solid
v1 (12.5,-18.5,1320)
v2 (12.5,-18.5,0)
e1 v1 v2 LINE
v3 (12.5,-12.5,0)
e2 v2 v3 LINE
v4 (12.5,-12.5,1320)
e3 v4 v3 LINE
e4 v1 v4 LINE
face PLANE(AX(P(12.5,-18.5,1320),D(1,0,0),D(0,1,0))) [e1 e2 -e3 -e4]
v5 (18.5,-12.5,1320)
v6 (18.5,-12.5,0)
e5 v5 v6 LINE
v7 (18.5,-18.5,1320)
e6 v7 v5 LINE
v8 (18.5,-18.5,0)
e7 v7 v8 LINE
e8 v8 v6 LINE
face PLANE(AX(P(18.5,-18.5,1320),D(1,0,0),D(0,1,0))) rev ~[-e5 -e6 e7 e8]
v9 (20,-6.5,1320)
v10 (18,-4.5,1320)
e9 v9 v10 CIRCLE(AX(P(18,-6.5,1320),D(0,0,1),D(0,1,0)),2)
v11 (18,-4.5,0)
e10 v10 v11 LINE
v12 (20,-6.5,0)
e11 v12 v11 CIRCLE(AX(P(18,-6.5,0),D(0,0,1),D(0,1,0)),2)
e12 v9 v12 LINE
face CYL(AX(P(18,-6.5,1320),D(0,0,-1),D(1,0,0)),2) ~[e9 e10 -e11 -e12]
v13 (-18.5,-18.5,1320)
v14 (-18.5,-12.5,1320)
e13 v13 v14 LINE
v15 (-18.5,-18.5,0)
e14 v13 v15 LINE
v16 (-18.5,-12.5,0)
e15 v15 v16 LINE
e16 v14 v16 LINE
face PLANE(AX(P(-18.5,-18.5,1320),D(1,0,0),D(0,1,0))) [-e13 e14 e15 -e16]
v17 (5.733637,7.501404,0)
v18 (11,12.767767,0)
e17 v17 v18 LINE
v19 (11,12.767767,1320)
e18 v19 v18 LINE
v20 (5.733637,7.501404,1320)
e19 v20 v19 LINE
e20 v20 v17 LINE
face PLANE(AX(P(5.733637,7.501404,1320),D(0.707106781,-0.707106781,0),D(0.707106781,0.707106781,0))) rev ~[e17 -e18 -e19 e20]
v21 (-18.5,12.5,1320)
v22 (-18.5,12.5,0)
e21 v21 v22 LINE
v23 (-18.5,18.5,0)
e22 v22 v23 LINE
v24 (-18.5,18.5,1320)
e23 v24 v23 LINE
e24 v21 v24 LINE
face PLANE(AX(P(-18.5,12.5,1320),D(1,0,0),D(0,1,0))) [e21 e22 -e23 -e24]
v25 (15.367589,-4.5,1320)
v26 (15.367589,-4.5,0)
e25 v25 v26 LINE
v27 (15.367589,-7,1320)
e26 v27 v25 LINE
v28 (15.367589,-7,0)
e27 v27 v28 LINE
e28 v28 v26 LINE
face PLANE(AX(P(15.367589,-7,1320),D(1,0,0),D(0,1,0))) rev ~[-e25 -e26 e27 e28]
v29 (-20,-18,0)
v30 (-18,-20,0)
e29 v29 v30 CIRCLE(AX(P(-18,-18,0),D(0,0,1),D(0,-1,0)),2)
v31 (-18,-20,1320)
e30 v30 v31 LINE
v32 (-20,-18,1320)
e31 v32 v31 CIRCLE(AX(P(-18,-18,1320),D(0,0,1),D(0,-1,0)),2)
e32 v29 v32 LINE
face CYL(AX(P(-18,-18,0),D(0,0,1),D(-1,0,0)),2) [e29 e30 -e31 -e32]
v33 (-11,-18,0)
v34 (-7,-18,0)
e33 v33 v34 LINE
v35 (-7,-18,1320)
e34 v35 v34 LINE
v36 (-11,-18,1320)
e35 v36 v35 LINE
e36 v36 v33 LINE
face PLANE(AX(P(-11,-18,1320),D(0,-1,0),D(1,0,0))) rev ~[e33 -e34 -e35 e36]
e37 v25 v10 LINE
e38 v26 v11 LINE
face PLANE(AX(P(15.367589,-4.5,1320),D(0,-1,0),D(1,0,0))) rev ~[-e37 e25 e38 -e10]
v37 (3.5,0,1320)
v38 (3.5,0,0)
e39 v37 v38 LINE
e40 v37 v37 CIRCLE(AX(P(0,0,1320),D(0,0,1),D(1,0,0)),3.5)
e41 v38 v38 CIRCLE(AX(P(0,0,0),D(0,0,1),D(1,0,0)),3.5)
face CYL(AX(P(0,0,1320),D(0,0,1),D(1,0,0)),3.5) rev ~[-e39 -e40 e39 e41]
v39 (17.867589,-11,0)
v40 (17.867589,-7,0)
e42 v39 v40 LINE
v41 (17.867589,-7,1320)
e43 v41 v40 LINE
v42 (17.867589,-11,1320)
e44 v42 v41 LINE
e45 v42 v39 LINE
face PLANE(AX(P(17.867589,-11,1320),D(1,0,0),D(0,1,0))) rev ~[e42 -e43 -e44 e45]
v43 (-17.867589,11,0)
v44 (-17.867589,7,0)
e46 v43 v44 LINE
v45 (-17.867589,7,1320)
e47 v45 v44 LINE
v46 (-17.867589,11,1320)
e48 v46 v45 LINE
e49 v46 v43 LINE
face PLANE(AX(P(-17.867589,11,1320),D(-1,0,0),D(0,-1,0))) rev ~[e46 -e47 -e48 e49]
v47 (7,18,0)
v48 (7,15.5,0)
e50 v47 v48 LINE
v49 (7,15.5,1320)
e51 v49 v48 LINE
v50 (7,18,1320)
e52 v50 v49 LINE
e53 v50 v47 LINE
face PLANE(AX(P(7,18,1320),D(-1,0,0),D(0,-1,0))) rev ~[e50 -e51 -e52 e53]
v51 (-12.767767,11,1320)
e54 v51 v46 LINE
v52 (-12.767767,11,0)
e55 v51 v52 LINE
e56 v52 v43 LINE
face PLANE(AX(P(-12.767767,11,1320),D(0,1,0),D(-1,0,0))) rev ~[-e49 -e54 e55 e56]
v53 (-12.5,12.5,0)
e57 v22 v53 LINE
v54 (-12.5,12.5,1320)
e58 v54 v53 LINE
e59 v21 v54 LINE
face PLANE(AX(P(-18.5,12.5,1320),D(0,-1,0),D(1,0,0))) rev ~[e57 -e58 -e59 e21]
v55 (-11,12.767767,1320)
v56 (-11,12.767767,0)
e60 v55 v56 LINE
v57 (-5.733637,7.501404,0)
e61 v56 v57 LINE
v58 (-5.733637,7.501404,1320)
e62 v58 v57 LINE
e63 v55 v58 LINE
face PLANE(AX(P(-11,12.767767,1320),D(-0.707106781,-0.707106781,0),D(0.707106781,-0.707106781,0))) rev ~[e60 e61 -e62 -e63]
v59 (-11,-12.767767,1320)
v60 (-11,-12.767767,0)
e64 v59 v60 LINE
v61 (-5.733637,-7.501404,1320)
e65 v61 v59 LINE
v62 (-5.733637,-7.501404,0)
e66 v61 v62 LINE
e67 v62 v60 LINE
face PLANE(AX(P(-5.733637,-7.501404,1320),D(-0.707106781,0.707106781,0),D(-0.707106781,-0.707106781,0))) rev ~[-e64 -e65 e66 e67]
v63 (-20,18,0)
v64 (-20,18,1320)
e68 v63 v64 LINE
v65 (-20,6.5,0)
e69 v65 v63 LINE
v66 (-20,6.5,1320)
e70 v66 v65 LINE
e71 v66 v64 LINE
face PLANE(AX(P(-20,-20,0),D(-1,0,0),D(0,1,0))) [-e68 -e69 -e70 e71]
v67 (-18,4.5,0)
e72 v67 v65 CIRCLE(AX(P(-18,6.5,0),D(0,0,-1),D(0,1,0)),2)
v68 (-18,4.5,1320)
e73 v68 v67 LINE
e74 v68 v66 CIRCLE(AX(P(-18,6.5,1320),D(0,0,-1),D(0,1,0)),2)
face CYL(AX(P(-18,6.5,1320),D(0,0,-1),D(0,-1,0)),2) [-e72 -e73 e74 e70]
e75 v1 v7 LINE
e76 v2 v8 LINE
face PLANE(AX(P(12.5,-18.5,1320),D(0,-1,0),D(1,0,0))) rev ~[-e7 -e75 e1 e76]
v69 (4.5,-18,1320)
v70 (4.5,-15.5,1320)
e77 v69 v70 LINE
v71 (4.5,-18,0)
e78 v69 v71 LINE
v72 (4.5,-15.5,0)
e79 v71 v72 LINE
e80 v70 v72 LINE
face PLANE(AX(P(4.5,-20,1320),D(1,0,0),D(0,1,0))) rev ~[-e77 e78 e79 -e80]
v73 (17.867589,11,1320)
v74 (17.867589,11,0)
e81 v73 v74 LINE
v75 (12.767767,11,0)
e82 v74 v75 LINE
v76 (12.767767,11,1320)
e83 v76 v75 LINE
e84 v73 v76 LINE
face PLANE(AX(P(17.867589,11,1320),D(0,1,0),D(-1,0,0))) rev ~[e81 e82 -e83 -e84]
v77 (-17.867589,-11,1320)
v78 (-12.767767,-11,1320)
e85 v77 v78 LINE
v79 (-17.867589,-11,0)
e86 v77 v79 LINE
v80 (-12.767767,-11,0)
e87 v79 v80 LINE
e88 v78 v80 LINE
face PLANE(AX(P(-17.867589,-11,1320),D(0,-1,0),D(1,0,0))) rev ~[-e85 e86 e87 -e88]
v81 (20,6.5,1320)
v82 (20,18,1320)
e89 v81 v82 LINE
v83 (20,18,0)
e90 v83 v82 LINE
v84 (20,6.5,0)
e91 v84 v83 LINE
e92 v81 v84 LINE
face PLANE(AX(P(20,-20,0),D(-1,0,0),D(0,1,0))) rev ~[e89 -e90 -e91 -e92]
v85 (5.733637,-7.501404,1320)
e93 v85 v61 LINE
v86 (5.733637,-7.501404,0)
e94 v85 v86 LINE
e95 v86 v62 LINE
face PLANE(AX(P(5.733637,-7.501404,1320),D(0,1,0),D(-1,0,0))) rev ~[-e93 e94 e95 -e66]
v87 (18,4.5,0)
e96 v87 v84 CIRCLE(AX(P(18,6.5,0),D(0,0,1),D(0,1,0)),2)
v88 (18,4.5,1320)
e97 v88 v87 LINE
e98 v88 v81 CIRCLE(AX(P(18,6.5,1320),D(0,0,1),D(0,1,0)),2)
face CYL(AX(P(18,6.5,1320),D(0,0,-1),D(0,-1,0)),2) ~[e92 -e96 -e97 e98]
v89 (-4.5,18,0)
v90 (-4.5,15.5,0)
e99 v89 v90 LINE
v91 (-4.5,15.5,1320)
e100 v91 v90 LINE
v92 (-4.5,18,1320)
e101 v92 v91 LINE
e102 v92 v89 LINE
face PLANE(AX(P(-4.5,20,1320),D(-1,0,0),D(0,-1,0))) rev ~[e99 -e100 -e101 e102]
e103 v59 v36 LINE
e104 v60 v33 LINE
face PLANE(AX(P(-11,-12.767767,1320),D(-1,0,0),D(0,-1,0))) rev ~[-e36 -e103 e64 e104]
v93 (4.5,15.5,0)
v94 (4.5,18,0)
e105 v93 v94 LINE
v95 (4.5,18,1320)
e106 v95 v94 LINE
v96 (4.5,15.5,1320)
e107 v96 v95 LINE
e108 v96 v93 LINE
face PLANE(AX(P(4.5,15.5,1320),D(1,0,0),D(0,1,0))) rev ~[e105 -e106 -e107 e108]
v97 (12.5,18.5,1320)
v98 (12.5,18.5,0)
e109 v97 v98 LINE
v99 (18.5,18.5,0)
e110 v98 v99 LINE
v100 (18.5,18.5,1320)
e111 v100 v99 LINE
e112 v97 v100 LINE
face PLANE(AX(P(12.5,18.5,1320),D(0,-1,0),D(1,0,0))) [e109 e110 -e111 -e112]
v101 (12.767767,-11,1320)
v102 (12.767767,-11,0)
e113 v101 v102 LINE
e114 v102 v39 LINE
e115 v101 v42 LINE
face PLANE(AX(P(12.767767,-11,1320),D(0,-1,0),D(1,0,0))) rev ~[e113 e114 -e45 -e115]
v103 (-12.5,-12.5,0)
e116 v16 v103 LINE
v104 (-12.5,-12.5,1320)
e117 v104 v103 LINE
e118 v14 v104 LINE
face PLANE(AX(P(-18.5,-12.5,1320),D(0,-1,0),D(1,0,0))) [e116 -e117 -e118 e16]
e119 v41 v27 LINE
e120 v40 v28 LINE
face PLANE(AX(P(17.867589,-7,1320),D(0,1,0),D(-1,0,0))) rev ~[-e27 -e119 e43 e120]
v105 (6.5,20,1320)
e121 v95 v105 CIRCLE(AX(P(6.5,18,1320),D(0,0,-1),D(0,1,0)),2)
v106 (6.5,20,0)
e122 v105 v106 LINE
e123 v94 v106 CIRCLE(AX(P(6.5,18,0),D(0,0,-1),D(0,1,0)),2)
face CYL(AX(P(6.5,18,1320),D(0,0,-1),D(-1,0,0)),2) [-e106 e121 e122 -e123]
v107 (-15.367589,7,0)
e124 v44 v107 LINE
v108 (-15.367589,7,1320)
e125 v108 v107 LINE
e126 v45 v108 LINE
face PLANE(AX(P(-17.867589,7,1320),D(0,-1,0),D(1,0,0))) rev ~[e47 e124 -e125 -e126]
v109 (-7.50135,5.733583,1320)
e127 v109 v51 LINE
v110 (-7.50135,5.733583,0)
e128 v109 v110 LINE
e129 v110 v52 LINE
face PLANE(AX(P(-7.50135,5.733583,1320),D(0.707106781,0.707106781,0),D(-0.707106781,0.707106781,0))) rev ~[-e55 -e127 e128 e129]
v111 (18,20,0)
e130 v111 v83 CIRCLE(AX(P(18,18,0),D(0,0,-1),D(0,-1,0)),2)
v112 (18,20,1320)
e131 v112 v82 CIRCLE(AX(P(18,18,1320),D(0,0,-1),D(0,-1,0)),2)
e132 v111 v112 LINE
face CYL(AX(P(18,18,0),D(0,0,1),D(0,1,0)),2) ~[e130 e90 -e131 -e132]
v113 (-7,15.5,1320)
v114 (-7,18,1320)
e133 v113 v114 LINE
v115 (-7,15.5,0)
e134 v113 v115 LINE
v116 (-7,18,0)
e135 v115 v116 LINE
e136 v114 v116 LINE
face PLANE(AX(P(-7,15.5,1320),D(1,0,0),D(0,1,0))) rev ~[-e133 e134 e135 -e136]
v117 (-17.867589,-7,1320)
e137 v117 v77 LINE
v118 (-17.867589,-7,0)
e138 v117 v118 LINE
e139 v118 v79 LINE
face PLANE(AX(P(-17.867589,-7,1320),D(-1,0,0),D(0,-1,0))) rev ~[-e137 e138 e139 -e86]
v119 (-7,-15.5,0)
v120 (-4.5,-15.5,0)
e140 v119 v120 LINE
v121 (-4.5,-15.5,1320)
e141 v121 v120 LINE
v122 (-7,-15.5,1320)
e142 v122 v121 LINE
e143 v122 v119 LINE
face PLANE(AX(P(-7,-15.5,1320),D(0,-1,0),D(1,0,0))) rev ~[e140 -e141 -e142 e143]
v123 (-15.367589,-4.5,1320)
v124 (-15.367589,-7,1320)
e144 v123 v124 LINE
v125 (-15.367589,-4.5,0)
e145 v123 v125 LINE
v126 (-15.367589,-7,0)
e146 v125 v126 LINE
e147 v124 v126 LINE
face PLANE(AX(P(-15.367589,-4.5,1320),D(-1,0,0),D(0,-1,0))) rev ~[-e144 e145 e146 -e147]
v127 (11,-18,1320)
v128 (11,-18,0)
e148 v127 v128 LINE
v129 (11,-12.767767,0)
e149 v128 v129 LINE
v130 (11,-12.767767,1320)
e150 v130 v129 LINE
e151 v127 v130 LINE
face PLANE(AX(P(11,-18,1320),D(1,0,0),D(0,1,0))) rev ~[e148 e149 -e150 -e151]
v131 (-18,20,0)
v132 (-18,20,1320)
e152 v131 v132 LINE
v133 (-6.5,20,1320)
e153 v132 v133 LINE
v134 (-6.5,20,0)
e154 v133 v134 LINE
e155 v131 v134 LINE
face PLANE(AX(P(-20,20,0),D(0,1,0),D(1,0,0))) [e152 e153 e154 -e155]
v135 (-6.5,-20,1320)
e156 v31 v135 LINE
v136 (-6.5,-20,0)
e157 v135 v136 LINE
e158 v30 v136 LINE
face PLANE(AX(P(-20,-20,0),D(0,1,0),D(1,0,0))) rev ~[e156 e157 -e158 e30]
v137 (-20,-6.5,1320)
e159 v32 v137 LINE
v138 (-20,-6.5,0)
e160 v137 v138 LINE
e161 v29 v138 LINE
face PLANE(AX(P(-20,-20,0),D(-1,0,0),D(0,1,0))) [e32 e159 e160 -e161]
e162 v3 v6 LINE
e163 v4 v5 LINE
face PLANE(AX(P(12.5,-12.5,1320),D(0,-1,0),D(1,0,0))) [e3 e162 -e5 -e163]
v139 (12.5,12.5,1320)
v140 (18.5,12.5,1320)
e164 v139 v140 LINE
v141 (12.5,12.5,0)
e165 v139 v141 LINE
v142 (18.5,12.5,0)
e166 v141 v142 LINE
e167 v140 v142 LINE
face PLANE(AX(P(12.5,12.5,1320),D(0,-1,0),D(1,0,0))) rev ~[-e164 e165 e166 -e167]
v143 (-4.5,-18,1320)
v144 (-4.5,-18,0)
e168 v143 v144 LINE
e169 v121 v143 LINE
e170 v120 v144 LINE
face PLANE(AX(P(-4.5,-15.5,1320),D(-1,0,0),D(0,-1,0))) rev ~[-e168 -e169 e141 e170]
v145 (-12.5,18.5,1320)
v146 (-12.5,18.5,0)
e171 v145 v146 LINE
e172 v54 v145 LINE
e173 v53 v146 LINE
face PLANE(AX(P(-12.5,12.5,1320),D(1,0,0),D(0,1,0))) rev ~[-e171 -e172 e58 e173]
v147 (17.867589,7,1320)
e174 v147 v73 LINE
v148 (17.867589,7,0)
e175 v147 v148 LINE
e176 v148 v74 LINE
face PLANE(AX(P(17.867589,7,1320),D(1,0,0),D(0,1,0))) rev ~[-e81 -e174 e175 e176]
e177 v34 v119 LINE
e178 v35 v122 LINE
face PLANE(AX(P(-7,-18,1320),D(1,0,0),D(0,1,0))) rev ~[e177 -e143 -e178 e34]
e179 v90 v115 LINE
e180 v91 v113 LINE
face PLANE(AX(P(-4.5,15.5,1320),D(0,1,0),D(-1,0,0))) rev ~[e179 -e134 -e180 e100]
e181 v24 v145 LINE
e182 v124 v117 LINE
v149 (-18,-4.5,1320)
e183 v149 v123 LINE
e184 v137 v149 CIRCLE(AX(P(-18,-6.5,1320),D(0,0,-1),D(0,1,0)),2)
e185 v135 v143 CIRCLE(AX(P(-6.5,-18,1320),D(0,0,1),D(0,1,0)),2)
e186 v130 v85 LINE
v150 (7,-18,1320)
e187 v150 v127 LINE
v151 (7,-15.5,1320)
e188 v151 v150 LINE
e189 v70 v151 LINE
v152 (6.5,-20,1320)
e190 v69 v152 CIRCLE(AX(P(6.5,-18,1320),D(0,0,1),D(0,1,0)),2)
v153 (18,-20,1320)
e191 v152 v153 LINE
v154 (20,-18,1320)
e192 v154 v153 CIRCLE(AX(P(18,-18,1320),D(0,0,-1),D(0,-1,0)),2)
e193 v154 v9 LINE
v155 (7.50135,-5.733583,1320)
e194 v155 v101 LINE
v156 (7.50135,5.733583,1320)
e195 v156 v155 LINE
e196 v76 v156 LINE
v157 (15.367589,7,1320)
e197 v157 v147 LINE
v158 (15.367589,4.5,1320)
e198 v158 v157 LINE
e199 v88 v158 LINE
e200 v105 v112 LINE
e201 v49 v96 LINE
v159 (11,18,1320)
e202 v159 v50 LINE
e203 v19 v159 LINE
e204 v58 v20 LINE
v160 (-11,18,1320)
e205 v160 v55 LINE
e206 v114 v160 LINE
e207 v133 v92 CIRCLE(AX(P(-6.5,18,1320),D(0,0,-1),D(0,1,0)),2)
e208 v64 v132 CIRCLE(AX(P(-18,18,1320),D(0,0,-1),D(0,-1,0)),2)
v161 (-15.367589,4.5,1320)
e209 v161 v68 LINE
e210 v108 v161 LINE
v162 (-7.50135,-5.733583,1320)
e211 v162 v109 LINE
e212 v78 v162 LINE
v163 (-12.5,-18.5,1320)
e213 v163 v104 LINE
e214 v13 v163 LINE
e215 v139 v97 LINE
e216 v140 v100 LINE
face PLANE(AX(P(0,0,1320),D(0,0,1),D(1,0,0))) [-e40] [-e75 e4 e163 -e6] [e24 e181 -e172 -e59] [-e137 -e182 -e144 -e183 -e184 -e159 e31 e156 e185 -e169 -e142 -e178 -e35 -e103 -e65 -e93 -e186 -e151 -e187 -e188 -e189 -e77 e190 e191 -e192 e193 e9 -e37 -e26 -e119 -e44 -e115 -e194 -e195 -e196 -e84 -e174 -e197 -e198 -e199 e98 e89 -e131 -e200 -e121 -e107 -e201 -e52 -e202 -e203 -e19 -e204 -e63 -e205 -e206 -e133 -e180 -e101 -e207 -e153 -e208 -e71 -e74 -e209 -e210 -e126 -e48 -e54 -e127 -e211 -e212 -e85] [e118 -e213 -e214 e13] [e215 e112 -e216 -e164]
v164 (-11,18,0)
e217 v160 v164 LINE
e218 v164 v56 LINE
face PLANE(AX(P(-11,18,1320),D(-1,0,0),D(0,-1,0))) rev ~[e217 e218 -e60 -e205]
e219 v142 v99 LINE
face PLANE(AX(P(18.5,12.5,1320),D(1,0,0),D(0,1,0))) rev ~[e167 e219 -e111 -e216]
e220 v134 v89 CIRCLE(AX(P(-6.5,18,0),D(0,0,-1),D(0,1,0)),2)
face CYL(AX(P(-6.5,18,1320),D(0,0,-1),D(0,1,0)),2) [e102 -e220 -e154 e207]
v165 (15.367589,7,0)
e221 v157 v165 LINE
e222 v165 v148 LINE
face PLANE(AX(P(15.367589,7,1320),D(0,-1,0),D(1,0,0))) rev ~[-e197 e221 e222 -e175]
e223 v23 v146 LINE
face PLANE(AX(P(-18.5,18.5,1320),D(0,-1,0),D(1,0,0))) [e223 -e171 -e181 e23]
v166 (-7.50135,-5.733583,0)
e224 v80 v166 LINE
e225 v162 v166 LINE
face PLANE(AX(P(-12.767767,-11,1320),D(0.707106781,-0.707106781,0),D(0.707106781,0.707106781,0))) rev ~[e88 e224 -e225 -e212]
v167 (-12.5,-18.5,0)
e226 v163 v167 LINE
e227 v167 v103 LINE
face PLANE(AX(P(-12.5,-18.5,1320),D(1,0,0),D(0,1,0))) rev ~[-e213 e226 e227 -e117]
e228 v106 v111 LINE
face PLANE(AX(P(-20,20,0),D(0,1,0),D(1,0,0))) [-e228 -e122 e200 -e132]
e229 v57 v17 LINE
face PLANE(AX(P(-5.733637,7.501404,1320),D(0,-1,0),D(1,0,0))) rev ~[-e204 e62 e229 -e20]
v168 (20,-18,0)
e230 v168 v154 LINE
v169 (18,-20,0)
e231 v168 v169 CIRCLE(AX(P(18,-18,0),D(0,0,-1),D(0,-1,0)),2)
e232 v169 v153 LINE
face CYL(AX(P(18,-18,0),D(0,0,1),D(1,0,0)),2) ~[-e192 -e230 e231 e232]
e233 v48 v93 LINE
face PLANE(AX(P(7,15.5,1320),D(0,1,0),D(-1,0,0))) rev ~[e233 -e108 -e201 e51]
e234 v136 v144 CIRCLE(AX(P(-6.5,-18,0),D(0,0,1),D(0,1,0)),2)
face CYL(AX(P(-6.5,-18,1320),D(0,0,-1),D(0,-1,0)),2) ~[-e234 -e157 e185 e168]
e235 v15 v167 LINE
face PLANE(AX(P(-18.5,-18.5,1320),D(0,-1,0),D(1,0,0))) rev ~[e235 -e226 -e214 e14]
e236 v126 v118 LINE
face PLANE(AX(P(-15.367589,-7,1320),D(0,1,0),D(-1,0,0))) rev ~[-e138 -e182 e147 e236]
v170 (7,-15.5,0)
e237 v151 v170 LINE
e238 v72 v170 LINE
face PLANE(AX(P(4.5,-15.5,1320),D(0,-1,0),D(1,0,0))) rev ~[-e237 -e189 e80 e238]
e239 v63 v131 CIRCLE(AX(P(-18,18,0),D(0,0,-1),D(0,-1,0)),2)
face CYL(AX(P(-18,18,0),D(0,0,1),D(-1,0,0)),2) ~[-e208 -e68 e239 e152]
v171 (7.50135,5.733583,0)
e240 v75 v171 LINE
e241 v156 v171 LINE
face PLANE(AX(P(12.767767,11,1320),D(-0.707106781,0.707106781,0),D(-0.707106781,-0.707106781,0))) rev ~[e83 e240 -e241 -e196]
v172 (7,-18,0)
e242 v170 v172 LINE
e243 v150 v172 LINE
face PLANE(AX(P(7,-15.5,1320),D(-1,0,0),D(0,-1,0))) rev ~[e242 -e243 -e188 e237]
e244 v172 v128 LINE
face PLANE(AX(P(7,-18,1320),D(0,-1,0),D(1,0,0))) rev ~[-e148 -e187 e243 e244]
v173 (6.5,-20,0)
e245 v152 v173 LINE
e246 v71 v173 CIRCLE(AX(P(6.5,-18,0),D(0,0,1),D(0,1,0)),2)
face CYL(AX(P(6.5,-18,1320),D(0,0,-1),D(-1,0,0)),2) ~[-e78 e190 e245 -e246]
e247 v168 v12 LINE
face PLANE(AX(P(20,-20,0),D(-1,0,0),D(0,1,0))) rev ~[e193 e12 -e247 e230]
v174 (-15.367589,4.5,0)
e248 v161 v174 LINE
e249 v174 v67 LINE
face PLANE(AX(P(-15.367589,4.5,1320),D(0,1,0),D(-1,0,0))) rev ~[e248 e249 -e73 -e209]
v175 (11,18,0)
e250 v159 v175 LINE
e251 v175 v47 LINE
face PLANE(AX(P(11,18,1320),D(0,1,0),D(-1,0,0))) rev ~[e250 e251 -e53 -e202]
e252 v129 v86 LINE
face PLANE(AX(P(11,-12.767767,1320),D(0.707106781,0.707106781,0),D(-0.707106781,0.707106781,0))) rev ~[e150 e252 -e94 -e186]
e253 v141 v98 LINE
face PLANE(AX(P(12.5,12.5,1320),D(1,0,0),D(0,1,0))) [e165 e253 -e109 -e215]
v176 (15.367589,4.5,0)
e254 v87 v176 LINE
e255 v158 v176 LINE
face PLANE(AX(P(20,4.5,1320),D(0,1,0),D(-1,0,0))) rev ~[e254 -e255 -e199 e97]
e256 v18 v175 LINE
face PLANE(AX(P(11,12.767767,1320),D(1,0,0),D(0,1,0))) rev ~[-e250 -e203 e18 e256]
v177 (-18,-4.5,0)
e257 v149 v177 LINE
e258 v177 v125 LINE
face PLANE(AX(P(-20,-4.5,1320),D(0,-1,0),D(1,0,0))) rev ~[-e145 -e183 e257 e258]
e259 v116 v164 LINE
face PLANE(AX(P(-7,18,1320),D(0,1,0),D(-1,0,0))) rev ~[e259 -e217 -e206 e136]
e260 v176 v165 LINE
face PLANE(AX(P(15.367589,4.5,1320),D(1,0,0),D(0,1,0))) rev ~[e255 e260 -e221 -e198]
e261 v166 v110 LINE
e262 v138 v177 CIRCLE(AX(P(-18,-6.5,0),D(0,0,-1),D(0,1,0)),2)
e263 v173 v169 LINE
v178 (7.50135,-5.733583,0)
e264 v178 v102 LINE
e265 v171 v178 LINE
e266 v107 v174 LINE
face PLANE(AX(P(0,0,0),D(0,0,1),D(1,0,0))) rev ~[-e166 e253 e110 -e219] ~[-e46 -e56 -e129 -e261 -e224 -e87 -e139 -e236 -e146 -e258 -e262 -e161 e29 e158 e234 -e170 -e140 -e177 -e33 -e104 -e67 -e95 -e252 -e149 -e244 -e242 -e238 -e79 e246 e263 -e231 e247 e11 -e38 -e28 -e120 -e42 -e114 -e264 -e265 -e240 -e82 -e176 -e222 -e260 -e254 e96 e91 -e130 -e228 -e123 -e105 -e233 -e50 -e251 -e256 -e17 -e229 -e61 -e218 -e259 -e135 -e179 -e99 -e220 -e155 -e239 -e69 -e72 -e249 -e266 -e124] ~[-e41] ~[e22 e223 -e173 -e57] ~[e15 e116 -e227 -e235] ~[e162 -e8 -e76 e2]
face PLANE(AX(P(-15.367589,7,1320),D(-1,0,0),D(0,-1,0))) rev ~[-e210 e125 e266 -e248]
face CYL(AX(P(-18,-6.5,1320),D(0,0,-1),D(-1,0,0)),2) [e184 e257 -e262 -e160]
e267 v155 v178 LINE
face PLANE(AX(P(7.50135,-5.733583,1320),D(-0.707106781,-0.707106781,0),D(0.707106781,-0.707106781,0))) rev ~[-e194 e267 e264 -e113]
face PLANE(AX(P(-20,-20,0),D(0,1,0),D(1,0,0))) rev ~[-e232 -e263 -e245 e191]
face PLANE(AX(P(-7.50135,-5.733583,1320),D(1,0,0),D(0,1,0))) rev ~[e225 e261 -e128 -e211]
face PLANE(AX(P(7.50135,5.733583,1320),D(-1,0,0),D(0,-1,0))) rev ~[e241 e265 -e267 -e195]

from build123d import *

# Parameters (mm, degrees)
CROQUIS1_W              = 40
CROQUIS1_H              = 40
SALIENTE_EXTRUIR1_DEPTH = 1320
CROQUIS2_W              = 6
CROQUIS2_H              = 6
CROQUIS2_R              = 3.5
CORTAR_EXTRUIR2_DEPTH   = 1320
REDONDEO1_R             = 2
REDONDEO2_R             = 2


with BuildPart() as part:
    # Croquis1 → Saliente-Extruir1 (new body)
    with BuildSketch(Plane.XY):
        Rectangle(CROQUIS1_W, CROQUIS1_H)
    extrude(amount=SALIENTE_EXTRUIR1_DEPTH)

    # Croquis2 → Cortar-Extruir2 (cut)
    with BuildSketch(Plane.XY.offset(1320)):
        with Locations((-15.5, 15.5)):
            Rectangle(CROQUIS2_W, CROQUIS2_H)
        Polygon((4.5, 15.5), (4.5, 20), (-4.5, 20), (-4.5, 15.5), (-7, 15.5), (-7, 18), (-11, 18), (-11, 12.767766953), (-5.733637236, 7.501404189), (5.733637236, 7.501404189), (11, 12.767766953), (11, 18), (7, 18), (7, 15.5), align=None)
        with Locations((15.5, 15.5)):
            Rectangle(CROQUIS2_W, CROQUIS2_H)
        Polygon((15.367588592, -4.5), (20, -4.5), (20, 4.5), (15.367588592, 4.5), (15.367588592, 7), (17.867588592, 7), (17.867588592, 11), (12.767766953, 11), (7.501349817, 5.733582864), (7.501349817, -5.733582864), (12.767766953, -11), (17.867588592, -11), (17.867588592, -7), (15.367588592, -7), align=None)
        Polygon((-20, 4.5), (-20, -4.5), (-15.367588592, -4.5), (-15.367588592, -7), (-17.867588592, -7), (-17.867588592, -11), (-12.767766953, -11), (-7.501349817, -5.733582864), (-7.501349817, 5.733582864), (-12.767766953, 11), (-17.867588592, 11), (-17.867588592, 7), (-15.367588592, 7), (-15.367588592, 4.5), align=None)
        Circle(CROQUIS2_R)
        Polygon((11, -12.767766953), (5.733637236, -7.501404189), (-5.733637236, -7.501404189), (-11, -12.767766953), (-11, -18), (-7, -18), (-7, -15.5), (-4.5, -15.5), (-4.5, -20), (4.5, -20), (4.5, -15.5), (7, -15.5), (7, -18), (11, -18), align=None)
        with Locations((-15.5, -15.5)):
            Rectangle(CROQUIS2_W, CROQUIS2_H)
        with Locations((15.5, -15.5)):
            Rectangle(CROQUIS2_W, CROQUIS2_H)
    extrude(amount=-CORTAR_EXTRUIR2_DEPTH, mode=Mode.SUBTRACT)

    # Redondeo1
    redondeo1_edges = [part.edges().sort_by_distance(p)[0] for p in [
        (20, -20, 660),
        (-20, -20, 660),
        (-20, 20, 660),
        (20, 20, 660),
    ]]
    fillet(redondeo1_edges, radius=REDONDEO1_R)

    # Redondeo2
    redondeo2_edges = [part.edges().sort_by_distance(p)[0] for p in [
        (4.5, 20, 660),
        (-4.5, 20, 660),
        (20, -4.5, 660),
        (20, 4.5, 660),
        (-20, 4.5, 660),
        (-20, -4.5, 660),
        (-4.5, -20, 660),
        (4.5, -20, 660),
    ]]
    fillet(redondeo2_edges, radius=REDONDEO2_R)


solid = part.part
